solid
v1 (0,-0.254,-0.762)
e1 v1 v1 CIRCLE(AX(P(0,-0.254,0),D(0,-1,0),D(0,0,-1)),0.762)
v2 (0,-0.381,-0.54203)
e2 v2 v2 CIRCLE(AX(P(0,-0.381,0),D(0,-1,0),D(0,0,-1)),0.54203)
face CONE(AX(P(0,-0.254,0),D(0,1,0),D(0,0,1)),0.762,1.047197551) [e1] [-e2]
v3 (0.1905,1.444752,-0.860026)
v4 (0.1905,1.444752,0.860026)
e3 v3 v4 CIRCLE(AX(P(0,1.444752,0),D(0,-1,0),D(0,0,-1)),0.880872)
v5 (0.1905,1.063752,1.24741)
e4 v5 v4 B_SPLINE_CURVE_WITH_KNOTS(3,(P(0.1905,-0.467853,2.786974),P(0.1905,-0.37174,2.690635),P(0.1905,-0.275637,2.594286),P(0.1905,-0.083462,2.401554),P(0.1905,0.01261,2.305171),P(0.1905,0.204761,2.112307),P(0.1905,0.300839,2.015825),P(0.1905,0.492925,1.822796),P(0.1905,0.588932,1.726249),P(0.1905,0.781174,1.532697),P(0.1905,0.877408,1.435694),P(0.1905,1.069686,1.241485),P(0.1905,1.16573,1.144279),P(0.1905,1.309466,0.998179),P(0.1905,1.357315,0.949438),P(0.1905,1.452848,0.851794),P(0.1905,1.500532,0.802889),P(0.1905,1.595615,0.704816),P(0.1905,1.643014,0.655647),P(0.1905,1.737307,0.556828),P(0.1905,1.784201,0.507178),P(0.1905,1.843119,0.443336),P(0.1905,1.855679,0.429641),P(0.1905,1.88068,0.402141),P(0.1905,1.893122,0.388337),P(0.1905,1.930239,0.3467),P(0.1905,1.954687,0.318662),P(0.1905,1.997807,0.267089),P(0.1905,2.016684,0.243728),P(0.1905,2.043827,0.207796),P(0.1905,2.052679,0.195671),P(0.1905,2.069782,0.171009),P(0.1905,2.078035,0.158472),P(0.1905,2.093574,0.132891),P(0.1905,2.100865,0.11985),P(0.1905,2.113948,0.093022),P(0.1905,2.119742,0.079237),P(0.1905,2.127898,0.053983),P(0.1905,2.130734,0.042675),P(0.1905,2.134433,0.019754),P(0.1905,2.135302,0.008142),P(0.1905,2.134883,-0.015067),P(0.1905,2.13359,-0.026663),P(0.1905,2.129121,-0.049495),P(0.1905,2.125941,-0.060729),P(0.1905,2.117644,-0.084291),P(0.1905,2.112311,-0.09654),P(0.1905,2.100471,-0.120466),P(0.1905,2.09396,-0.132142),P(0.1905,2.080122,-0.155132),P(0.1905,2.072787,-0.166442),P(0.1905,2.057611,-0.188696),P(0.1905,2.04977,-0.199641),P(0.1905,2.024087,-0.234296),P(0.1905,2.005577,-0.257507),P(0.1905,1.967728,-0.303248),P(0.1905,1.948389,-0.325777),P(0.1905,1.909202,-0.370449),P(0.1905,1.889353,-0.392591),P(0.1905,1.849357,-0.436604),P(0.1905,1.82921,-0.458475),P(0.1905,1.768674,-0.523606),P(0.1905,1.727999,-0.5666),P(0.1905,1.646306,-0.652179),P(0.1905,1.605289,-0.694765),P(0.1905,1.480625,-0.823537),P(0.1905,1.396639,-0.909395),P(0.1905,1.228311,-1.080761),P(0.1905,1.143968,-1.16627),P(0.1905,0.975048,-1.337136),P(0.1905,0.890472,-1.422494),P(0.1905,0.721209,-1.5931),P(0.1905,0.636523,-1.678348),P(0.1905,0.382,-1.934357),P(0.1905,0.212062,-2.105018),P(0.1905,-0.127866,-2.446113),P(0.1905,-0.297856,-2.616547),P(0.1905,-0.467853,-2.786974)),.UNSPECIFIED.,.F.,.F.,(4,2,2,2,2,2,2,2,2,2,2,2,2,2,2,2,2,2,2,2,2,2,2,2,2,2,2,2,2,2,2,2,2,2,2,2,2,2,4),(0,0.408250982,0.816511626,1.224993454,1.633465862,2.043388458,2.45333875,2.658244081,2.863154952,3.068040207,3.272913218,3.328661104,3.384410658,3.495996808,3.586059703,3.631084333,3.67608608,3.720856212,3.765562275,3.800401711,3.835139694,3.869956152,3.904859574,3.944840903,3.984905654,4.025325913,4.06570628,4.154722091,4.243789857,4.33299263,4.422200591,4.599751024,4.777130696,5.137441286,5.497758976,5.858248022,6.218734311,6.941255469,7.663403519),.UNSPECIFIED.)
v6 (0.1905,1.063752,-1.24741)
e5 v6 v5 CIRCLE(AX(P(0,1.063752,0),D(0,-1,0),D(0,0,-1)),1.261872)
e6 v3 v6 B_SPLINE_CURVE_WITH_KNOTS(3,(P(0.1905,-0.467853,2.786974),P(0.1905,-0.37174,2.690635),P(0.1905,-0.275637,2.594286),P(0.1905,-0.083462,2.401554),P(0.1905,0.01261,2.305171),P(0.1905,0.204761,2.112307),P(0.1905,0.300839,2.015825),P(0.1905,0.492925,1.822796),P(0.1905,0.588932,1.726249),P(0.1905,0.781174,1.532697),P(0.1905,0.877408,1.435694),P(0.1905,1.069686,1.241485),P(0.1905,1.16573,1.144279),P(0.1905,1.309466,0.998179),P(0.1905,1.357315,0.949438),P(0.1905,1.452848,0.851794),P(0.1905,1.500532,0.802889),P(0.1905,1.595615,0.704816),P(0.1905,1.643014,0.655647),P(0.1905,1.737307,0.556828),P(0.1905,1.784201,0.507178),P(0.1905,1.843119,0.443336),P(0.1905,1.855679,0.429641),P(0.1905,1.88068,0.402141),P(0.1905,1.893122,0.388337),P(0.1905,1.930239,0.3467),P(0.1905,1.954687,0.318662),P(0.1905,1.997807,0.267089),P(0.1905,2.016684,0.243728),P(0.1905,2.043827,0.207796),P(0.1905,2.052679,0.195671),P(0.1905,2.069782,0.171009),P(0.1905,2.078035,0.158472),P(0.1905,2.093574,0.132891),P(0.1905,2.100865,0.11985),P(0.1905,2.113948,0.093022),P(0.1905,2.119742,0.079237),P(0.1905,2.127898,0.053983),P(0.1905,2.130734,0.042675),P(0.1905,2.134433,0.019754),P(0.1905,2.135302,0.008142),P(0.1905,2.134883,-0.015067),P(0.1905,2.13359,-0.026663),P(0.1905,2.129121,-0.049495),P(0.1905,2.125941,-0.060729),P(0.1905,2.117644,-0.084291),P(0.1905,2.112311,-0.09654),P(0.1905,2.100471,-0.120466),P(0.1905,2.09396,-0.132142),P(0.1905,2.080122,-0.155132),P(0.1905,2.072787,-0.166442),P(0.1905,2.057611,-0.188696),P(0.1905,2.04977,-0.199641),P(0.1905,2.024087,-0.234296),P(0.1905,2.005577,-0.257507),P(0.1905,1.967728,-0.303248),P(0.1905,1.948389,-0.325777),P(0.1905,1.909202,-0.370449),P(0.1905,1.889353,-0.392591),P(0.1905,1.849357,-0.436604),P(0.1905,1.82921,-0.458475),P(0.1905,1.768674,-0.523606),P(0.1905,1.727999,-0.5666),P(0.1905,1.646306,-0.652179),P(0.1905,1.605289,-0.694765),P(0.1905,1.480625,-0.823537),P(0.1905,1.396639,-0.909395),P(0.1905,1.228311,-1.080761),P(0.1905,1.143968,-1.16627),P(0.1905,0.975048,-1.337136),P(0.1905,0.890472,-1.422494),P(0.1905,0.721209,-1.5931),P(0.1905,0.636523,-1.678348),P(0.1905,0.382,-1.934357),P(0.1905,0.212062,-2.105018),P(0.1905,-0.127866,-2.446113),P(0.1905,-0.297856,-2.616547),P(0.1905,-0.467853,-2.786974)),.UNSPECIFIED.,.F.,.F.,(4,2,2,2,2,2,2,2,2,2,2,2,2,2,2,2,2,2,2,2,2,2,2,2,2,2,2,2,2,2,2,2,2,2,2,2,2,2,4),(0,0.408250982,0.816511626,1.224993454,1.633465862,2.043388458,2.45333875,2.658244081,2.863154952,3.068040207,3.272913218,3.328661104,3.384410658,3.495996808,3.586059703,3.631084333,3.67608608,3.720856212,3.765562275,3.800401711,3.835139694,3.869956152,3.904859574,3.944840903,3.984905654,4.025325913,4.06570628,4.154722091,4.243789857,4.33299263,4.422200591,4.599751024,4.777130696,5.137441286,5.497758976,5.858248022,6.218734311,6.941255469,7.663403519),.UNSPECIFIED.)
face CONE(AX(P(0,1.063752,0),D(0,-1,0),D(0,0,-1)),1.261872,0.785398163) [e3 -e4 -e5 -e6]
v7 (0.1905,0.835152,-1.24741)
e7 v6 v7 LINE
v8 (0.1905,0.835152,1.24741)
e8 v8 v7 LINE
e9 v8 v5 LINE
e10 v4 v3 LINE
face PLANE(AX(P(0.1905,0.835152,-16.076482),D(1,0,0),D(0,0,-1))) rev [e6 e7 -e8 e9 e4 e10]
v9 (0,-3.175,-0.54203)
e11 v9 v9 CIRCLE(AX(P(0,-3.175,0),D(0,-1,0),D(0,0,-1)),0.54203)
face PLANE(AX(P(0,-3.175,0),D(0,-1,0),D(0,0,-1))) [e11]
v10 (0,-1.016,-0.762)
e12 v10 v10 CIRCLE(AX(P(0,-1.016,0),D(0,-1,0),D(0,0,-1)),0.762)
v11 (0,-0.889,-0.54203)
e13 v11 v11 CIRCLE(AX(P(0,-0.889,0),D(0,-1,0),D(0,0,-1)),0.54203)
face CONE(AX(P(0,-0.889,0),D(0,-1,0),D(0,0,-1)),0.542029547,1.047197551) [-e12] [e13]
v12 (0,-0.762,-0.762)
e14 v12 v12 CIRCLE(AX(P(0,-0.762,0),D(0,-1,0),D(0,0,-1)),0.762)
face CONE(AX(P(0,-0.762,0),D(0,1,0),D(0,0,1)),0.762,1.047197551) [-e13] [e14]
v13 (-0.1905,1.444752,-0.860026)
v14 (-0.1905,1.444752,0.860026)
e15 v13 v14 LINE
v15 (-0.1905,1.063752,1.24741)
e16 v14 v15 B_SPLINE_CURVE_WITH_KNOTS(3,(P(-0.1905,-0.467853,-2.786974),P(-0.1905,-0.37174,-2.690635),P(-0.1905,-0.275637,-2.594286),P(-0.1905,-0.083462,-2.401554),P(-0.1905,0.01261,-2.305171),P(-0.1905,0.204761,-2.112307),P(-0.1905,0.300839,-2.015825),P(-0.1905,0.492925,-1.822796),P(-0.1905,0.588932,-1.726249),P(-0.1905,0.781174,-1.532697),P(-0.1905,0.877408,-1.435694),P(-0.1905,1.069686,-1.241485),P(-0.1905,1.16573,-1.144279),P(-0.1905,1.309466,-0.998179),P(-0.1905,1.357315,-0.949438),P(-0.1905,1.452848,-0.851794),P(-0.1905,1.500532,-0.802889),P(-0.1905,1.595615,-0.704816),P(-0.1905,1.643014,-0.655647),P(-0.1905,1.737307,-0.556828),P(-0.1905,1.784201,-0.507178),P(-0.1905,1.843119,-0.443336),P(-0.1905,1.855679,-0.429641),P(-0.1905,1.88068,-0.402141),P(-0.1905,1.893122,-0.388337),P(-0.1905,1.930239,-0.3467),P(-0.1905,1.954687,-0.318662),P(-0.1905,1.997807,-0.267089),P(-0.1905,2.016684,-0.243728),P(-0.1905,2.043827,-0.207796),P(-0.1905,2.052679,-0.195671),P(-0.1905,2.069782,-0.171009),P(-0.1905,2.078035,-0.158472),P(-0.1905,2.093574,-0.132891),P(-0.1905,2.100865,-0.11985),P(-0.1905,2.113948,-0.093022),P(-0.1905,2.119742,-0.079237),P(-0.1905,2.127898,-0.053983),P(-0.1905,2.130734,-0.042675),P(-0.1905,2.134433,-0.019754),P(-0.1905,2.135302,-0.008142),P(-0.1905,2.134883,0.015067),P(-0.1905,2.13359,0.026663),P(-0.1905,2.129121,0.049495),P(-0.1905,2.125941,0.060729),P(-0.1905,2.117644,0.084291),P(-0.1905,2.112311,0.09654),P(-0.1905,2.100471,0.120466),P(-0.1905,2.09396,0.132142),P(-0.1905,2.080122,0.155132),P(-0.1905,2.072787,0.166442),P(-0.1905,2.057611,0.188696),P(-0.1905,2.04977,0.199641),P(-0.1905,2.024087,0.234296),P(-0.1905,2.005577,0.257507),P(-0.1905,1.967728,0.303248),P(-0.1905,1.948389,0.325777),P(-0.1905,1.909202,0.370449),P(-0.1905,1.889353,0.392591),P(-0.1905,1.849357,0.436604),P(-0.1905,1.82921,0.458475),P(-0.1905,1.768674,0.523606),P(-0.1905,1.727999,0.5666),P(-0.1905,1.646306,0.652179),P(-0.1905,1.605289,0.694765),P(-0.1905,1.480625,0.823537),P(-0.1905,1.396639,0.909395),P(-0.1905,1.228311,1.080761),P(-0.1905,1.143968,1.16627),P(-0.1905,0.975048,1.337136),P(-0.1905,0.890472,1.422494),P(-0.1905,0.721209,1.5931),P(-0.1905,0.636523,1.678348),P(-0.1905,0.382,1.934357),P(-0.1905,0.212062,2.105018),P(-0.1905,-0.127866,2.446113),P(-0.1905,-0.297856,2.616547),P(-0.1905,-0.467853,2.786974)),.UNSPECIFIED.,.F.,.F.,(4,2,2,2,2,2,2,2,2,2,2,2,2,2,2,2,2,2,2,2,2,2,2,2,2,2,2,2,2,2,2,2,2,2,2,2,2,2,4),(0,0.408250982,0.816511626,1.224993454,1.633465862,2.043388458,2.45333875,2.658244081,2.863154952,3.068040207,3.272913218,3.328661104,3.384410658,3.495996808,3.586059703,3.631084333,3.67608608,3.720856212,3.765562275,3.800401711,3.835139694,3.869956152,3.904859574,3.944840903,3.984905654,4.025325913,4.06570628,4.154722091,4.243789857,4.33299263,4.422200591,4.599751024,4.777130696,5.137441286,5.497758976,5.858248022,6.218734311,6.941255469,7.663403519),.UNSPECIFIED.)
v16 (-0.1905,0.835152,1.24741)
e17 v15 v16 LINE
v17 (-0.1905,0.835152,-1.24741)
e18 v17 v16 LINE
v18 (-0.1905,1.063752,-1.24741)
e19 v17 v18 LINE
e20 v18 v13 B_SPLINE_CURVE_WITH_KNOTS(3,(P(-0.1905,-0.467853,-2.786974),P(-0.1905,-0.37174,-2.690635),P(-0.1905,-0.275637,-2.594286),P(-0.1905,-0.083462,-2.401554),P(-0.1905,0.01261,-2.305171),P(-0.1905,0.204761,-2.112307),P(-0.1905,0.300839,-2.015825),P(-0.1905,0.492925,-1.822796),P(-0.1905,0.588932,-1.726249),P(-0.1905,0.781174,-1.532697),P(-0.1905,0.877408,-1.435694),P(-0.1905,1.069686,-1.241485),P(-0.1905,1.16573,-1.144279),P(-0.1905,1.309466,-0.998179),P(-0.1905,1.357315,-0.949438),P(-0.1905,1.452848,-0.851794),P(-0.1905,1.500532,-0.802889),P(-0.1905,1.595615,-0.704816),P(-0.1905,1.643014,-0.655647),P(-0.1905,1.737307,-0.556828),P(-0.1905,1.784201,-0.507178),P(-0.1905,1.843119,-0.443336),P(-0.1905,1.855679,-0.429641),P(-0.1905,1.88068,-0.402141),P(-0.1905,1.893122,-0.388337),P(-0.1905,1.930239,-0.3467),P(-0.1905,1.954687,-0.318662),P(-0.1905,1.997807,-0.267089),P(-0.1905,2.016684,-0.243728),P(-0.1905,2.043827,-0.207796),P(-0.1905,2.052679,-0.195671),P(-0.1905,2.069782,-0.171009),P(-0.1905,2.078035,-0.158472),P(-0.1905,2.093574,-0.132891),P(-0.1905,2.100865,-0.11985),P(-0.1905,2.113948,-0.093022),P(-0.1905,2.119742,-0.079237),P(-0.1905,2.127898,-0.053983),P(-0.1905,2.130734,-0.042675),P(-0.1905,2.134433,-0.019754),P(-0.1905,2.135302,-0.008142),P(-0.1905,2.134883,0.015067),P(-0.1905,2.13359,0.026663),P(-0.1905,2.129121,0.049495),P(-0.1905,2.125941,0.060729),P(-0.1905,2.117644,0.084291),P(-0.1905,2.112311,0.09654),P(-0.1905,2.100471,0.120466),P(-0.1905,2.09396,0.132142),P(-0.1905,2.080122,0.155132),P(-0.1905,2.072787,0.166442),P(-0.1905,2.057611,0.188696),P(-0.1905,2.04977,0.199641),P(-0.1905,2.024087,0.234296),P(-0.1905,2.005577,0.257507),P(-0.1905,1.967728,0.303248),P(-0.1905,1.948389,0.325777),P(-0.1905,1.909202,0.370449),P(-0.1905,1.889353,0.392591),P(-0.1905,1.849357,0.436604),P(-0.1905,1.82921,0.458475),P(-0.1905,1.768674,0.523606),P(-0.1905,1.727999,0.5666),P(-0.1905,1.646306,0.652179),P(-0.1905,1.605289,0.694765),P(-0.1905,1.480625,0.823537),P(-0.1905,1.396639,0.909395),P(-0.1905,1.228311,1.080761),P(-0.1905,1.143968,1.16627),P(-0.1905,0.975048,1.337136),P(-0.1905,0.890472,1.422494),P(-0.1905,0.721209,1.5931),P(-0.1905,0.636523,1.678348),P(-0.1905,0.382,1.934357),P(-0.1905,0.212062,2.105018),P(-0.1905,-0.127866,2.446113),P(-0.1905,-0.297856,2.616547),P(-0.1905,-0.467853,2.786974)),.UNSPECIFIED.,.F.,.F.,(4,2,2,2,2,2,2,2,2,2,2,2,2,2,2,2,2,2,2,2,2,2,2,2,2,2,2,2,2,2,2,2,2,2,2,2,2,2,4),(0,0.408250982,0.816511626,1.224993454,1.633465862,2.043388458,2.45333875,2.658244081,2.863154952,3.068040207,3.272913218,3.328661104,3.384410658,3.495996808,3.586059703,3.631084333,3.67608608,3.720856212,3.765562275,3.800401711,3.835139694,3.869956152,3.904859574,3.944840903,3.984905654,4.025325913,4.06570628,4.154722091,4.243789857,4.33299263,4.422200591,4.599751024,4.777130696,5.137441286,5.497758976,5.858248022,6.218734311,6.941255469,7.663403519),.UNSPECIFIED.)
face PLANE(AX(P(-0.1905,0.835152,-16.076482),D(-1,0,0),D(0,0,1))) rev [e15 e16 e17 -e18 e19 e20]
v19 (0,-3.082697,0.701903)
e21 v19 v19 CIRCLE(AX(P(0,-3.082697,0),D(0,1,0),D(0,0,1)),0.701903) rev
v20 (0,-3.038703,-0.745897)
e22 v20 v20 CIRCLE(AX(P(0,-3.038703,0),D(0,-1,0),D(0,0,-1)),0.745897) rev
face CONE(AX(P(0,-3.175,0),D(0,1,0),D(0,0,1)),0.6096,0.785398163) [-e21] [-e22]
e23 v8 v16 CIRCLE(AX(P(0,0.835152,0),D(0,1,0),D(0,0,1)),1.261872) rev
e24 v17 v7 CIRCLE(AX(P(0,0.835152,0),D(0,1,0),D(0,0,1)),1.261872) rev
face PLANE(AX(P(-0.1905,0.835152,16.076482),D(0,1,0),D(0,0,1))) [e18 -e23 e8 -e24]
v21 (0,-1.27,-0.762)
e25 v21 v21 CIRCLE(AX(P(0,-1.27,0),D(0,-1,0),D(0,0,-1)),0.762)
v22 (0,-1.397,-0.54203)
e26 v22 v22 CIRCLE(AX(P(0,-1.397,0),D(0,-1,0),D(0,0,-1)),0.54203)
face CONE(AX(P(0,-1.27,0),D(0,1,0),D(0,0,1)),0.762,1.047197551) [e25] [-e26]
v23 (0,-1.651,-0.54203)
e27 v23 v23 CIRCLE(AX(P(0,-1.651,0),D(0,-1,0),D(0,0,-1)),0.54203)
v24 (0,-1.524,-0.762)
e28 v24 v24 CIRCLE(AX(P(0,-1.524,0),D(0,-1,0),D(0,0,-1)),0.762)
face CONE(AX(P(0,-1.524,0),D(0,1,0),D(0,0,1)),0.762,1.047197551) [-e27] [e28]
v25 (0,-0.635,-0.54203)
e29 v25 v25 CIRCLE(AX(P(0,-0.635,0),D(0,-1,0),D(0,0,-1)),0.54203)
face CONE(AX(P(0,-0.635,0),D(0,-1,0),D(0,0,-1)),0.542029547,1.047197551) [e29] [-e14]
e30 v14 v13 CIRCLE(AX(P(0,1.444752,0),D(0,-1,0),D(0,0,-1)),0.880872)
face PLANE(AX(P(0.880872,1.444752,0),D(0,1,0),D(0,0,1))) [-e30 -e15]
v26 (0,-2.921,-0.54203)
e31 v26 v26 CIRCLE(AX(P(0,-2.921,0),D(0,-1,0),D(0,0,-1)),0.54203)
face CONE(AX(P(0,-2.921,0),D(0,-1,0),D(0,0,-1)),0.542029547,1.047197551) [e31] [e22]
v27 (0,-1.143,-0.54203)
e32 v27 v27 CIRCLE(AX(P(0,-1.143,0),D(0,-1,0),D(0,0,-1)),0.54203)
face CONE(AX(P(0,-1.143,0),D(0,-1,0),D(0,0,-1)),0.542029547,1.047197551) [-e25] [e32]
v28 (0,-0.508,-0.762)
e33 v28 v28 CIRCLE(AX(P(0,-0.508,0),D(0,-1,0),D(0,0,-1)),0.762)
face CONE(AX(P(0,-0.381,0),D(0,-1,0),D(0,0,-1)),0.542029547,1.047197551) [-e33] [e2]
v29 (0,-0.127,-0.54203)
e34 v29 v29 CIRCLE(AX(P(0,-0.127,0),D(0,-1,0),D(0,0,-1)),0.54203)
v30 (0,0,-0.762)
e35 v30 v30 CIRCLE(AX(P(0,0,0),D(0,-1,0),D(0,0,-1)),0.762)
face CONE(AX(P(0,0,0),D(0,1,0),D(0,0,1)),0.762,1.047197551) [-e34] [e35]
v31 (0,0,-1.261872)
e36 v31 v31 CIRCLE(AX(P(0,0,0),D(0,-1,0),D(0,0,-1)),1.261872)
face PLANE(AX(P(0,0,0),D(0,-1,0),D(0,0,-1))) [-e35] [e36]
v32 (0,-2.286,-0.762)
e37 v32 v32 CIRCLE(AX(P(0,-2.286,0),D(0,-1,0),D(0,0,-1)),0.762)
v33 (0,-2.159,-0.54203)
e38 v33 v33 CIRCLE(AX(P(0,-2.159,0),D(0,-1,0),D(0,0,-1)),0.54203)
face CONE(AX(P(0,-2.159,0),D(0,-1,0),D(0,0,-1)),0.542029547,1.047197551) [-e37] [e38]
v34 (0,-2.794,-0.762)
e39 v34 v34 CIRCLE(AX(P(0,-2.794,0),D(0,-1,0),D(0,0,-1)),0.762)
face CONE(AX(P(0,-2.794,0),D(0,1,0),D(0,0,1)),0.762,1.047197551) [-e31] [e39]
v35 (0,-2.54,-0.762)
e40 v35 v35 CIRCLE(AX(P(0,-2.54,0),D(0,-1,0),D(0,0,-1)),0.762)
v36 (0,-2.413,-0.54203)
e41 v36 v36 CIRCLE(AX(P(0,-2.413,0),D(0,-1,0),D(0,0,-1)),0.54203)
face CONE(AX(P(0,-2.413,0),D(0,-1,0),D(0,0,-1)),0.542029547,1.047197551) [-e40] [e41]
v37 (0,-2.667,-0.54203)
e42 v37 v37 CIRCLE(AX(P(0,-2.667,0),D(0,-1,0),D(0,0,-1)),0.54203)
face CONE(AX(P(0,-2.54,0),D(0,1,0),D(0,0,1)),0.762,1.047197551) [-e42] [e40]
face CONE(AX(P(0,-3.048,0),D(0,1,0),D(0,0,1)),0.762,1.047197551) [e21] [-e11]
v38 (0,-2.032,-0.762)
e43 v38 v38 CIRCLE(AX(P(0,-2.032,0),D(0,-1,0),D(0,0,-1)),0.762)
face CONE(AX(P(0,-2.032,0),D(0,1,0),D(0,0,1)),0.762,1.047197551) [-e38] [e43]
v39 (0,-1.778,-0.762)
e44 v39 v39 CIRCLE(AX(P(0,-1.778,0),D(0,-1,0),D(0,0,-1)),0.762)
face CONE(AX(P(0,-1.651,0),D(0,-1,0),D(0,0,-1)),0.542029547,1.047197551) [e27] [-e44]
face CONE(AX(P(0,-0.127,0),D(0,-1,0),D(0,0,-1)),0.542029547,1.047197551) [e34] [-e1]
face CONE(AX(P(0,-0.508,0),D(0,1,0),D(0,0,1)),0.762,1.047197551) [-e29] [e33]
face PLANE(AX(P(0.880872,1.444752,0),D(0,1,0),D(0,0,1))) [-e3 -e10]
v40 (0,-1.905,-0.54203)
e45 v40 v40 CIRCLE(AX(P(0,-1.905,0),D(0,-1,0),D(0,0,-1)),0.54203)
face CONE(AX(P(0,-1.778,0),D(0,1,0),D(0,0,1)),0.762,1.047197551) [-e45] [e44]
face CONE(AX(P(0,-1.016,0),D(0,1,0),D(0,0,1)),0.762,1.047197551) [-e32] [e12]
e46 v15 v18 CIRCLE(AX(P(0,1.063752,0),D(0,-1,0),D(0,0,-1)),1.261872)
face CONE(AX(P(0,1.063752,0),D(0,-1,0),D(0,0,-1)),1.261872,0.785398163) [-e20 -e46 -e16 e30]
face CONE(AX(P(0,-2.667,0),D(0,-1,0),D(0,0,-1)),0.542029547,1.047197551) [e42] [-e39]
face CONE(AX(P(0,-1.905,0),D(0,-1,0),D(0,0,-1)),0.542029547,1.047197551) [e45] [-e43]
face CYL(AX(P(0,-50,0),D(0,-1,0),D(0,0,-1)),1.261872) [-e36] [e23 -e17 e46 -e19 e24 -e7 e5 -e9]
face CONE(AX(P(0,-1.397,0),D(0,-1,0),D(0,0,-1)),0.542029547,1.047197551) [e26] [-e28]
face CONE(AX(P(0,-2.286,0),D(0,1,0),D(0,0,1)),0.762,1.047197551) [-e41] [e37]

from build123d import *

# Parameters (mm, degrees)
SKETCH2_W            = 0.381
SKETCH2_H            = 32.152963302
HEX_CUT_DRIVEN_DEPTH = 0.6096


with BuildPart() as part:
    # Sketch3 → Shank Revolve ( driven ) (revolve)
    with BuildSketch(Plane.XY, mode=Mode.PRIVATE) as shank_revolve_driven_sk:
        Polygon((0, 0.835152), (0, -3.175), (0.6096, -3.175), (0.762, -3.0226), (0.762, 0.835152), align=None)
    revolve(shank_revolve_driven_sk.sketch.rotate(Axis((0, -50, 0), (0, 1, 0)), 90), axis=Axis((0, -50, 0), (0, 1, 0)))

    # Sketch4 → Thread Revolve Cut ( driven ) (revolve, cut)
    with BuildSketch(Plane.XY, mode=Mode.PRIVATE) as thread_revolve_cut_driven_sk:
        Polygon((0.542029547, 0.635), (0.762, 0.762), (1.27, 0.762), (1.27, -3.81), (0.762, -3.81), (0.542029547, -3.683), (0.762, -3.556), (0.542029547, -3.429), (0.762, -3.302), (0.542029547, -3.175), (0.762, -3.048), (0.542029547, -2.921), (0.762, -2.794), (0.542029547, -2.667), (0.762, -2.54), (0.542029547, -2.413), (0.762, -2.286), (0.542029547, -2.159), (0.762, -2.032), (0.542029547, -1.905), (0.762, -1.778), (0.542029547, -1.651), (0.762, -1.524), (0.542029547, -1.397), (0.762, -1.27), (0.542029547, -1.143), (0.762, -1.016), (0.542029547, -0.889), (0.762, -0.762), (0.542029547, -0.635), (0.762, -0.508), (0.542029547, -0.381), (0.762, -0.254), (0.542029547, -0.127), (0.762, 0), (0.542029547, 0.127), (0.762, 0.254), (0.542029547, 0.381), (0.762, 0.508), align=None)
    revolve(thread_revolve_cut_driven_sk.sketch.rotate(Axis((0, -50, 0), (0, 1, 0)), 90), axis=Axis((0, -50, 0), (0, 1, 0)), mode=Mode.SUBTRACT)

    # Sketch5 → Head Revolve ( driven ) (revolve)
    with BuildSketch(Plane.XY, mode=Mode.PRIVATE) as head_revolve_driven_sk:
        Polygon((0, 1.444752), (0, 0), (1.261872, 0), (1.261872, 1.063752), (0.880872, 1.444752), align=None)
    revolve(head_revolve_driven_sk.sketch.rotate(Axis((0, -50, 0), (0, 1, 0)), 270), axis=Axis((0, -50, 0), (0, 1, 0)))

    # Sketch2 → Hex Cut ( driven ) (cut)
    with BuildSketch(Plane(origin=(0, 1.444752, 0), x_dir=(-1, 0, 0), z_dir=(0, 1, 0))):
        Rectangle(SKETCH2_W, SKETCH2_H)
    extrude(amount=-HEX_CUT_DRIVEN_DEPTH, mode=Mode.SUBTRACT)


solid = part.part
